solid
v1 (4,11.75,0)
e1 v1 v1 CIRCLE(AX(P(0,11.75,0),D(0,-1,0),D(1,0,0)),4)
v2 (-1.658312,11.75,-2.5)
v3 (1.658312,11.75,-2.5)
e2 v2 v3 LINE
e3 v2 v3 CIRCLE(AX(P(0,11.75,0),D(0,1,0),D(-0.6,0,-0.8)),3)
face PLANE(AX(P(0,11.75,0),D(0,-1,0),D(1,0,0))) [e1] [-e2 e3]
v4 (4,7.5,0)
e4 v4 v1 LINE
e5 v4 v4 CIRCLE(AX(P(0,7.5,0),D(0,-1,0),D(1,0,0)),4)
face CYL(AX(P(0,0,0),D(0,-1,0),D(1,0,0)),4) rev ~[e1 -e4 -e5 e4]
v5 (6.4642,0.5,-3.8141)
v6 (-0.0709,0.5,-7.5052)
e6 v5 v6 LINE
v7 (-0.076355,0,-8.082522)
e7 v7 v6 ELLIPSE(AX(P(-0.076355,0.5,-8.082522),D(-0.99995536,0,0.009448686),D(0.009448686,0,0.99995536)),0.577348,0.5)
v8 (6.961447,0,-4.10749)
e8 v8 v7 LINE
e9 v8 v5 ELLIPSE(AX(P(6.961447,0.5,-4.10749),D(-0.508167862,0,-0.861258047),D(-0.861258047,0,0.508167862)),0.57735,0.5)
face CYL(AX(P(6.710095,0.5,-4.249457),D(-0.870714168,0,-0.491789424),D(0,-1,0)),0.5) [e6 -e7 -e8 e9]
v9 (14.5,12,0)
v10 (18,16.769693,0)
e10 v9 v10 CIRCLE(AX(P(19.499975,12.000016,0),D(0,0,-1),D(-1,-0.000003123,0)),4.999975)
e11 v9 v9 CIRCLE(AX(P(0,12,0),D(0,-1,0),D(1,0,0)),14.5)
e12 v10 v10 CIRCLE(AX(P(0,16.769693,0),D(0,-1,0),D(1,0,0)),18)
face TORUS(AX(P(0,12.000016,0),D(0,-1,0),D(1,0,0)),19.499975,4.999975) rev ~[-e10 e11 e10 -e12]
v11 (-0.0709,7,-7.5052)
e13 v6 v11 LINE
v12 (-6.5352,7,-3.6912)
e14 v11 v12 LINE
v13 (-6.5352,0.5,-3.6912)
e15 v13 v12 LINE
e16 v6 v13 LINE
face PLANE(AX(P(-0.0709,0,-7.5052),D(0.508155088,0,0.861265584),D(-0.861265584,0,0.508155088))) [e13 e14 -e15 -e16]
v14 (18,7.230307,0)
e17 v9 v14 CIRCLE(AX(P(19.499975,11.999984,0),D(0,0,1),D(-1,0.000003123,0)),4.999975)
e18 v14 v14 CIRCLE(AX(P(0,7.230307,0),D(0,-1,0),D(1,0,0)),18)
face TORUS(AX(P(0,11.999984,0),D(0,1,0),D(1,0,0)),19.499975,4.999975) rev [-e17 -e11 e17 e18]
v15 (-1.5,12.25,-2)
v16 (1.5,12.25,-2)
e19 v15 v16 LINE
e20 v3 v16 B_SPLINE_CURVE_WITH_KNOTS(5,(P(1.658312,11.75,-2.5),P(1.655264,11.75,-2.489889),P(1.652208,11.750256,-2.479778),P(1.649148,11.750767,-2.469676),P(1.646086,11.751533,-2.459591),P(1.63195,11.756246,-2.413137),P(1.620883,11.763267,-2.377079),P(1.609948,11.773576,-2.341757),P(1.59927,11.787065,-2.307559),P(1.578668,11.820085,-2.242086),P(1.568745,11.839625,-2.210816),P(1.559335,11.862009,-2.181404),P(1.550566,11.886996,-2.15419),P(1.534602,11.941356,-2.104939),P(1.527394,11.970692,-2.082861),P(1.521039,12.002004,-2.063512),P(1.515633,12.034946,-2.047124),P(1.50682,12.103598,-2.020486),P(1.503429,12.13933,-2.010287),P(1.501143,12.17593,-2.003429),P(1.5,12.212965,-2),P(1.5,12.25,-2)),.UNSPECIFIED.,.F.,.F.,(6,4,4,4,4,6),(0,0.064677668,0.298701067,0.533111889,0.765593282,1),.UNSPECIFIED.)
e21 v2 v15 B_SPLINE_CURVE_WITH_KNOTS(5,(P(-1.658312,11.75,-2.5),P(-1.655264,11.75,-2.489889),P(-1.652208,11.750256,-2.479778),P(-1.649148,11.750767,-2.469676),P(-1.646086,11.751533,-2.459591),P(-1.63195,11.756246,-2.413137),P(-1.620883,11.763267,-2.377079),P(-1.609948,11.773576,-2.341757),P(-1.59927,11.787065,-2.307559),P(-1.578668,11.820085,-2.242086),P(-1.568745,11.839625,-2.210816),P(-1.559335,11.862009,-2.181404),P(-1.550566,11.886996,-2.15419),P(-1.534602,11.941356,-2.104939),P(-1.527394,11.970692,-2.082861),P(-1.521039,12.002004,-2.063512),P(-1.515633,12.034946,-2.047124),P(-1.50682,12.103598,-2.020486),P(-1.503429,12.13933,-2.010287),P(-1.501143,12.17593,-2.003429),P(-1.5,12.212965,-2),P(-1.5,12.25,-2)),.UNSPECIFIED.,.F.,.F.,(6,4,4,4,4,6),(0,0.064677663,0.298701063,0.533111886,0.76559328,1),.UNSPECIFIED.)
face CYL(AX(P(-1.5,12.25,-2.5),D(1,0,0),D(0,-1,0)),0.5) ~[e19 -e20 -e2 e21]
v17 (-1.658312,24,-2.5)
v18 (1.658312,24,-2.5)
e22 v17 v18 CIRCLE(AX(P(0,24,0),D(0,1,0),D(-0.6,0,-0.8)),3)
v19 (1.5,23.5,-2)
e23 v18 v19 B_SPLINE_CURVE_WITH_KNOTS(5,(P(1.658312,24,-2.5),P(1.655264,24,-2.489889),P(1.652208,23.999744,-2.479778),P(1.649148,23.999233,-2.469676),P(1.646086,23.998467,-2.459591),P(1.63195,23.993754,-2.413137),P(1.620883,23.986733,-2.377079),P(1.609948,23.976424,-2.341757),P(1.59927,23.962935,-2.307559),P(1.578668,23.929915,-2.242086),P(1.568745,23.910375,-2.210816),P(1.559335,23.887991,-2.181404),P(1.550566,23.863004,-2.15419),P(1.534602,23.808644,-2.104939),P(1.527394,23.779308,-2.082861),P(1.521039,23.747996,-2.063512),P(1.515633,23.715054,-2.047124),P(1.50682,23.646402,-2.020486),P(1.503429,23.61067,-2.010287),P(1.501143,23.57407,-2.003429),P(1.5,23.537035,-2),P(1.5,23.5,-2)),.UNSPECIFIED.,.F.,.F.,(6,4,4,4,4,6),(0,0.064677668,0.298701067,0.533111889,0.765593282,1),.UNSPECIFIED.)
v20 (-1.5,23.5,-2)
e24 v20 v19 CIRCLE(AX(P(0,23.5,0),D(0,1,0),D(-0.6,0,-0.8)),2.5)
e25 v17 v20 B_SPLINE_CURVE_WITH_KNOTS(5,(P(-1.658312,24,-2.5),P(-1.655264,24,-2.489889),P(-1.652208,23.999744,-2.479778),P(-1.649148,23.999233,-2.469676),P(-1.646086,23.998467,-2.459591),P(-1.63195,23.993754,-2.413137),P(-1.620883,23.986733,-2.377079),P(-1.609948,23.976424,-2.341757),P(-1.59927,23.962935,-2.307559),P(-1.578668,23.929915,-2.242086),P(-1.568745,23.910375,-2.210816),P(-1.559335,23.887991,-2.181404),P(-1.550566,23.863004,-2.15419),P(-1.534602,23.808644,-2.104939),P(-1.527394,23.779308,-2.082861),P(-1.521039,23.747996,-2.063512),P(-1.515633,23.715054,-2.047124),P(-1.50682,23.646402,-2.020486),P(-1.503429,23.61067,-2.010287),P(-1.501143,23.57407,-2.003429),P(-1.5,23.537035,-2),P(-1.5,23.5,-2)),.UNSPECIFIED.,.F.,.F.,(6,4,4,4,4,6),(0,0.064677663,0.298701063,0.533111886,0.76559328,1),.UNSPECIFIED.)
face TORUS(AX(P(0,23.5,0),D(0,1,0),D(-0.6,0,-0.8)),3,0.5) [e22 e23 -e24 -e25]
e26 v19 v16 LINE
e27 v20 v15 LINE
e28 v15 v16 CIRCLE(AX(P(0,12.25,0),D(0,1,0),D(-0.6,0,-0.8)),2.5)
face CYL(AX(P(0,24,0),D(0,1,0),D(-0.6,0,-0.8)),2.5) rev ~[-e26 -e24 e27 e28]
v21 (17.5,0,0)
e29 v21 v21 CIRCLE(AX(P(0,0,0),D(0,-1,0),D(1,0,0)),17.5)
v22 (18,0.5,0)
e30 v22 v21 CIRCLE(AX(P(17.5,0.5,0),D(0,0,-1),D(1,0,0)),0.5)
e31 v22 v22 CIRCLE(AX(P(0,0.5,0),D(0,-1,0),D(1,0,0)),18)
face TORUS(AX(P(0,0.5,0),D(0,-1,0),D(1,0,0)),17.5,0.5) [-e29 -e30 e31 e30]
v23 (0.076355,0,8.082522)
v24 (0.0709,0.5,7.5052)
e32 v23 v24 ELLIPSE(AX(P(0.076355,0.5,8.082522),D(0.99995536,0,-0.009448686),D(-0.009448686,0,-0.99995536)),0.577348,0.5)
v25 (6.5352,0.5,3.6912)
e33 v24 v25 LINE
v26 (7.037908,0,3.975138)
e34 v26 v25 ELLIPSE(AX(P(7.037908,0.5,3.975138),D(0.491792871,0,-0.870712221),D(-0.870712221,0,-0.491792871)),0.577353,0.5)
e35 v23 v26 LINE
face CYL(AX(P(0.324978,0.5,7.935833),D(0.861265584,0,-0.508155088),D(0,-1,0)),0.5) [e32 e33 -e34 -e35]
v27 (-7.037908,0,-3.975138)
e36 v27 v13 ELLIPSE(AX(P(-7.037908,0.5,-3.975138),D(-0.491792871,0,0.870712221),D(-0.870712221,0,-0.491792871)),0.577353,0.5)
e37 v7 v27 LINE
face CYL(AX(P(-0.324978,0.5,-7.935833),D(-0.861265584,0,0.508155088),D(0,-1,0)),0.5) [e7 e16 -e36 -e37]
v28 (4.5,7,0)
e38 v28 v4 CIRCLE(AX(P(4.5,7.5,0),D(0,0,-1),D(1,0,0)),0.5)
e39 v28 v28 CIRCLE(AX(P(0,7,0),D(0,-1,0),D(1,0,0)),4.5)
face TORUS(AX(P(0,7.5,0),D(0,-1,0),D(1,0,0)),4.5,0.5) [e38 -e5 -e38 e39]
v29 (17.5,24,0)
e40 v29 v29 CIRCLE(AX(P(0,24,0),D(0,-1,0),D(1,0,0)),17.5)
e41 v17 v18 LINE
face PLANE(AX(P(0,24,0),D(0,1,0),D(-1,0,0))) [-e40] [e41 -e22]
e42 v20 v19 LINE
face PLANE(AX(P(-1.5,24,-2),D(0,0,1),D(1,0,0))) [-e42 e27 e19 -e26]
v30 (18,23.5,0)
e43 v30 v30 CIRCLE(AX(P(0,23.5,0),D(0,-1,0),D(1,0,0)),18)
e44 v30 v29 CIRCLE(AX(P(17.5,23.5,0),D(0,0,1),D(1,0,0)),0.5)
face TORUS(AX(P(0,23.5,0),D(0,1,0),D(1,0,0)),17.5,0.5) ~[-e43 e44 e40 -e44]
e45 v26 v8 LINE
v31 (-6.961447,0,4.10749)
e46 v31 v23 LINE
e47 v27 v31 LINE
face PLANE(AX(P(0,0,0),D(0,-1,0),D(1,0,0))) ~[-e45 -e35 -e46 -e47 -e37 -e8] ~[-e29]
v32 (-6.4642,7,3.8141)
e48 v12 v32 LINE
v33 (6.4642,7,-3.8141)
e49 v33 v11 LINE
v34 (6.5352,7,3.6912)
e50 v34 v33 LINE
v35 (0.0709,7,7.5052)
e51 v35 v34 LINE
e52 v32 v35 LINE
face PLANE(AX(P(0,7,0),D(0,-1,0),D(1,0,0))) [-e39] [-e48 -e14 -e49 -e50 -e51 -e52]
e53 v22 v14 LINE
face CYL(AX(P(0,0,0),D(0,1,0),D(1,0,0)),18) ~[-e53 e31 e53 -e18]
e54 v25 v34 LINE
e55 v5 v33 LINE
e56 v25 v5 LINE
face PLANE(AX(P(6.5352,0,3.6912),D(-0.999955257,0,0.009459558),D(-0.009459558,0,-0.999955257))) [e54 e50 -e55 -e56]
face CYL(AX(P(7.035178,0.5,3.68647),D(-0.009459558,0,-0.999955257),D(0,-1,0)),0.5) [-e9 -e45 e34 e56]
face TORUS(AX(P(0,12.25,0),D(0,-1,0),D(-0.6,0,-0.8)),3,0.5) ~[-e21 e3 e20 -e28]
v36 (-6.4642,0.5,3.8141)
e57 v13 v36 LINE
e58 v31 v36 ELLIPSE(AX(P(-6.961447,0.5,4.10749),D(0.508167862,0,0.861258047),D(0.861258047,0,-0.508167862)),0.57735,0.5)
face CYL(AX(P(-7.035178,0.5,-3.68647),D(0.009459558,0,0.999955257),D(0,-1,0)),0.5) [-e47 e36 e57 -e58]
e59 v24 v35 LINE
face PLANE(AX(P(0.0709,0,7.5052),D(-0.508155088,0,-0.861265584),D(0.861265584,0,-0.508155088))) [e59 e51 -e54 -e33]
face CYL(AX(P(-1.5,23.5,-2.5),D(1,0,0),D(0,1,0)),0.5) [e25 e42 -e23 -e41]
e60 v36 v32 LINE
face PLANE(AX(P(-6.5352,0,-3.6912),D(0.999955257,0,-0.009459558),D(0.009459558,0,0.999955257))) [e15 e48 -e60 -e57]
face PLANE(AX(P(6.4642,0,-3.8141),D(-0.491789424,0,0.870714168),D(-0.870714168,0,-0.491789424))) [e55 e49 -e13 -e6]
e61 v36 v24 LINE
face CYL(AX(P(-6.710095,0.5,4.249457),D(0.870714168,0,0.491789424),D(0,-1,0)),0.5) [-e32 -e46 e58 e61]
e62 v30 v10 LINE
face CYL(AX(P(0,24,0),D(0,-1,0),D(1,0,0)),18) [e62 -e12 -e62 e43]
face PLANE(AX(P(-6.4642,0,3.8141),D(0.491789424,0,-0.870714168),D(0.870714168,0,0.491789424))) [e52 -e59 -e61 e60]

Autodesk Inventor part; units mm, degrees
ref_plane "YZ Plane" through (0, 0, 0) normal (1, 0, 0) x (0, 1, 0)
ref_plane "XZ Plane" through (0, 0, 0) normal (0, 1, 0) x (-1, 0, 0)
ref_plane "XY Plane" through (0, 0, 0) normal (0, 0, 1) x (1, 0, 0)
sketch "Sketch1" plane through (0, 0, 0) normal (0, 0, 1) x (1, 0, 0)
  line L0 (0, 0) -> (18, 0)
  line L1 (18, 0) -> (18, 12)
  line L2 (18, 12) -> (0, 12)
  line L3 (0, 12) -> (0, 0)
  line L4 (0, 0) -> (11, 0)
  line L5 (11, 12) -> (0, 12)
  line L6 (0, 12) -> (0, 0)
  line L7 (18, 12) -> (19.5, 12)
  arc A0 (14.5, 12) -> (22.6054, 8.0813) centre (19.5, 12) ccw
  point P0 (18, 7.2303)
  dimension "d0" = 18
  dimension "d1" = 12
  dimension "d3" = 1.5
  dimension "d4" = 5
revolve "Revolution1" add sketch "Sketch1" angle 360 about axis through (0, 12, 0) along (0, -1, 0) contours L3 L2 A0 L1 L0
mirror "Mirror1" about plane through (14.5, 12, 0) normal (0, 1, 0) of "Revolution1"
fillet "Fillet1" radius 0.5 2 edges at (-18, 0, 0) (-18, 24, 0)
sketch "Sketch2" plane through (0, 24, 0) normal (0, 1, 0) x (1, 0, 0)
  arc A0 (-1.5, 2) -> (1.5, 2) centre (0, 0) ccw
  line L0 (-1.5, 2) -> (1.5, 2)
  dimension "d7" = 5
  dimension "d8" = 2
extrude "Extrusion1" cut sketch "Sketch2" against normal blind 12.25
sketch "Sketch3" plane through (0, 0, 0) normal (0, -1, 0) x (1, 0, 0)
  circle A0 centre (0, 0) radius 4
  dimension "d11" = 8
extrude "Extrusion2" cut sketch "Sketch3" against normal blind 11.75
sketch "Sketch4" plane through (0, 0, 0) normal (0, -1, 0) x (1, 0, 0)
  line L0 (6.5352, 3.6912) -> (6.4642, -3.8141)
  line L1 (6.4642, -3.8141) -> (-0.0709, -7.5052)
  line L2 (-0.0709, -7.5052) -> (-6.5352, -3.6912)
  line L3 (-6.5352, -3.6912) -> (-6.4642, 3.8141)
  line L4 (-6.4642, 3.8141) -> (0.0709, 7.5052)
  line L5 (0.0709, 7.5052) -> (6.5352, 3.6912)
  point P0 (0, 0)
  point P1 (0, 0)
  dimension "d14" = 13
extrude "Extrusion3" cut sketch "Sketch4" against normal blind 7
fillet "Fillet2" radius 0.5 11 edges at (-3.3031, 0, -5.5982) (3.1966, 0, -5.6596) (6.4997, 0, -0.0614) (3.3031, 0, 5.5982) (-3.1966, 0, 5.6596) (-6.4997, 0, 0.0614) (-4, 7, 0) (0, 11.75, -2) (0, 11.75, 2.5) (0, 24, 2.5) (0, 24, -2)
properties part number "DriveWheelHalf"
